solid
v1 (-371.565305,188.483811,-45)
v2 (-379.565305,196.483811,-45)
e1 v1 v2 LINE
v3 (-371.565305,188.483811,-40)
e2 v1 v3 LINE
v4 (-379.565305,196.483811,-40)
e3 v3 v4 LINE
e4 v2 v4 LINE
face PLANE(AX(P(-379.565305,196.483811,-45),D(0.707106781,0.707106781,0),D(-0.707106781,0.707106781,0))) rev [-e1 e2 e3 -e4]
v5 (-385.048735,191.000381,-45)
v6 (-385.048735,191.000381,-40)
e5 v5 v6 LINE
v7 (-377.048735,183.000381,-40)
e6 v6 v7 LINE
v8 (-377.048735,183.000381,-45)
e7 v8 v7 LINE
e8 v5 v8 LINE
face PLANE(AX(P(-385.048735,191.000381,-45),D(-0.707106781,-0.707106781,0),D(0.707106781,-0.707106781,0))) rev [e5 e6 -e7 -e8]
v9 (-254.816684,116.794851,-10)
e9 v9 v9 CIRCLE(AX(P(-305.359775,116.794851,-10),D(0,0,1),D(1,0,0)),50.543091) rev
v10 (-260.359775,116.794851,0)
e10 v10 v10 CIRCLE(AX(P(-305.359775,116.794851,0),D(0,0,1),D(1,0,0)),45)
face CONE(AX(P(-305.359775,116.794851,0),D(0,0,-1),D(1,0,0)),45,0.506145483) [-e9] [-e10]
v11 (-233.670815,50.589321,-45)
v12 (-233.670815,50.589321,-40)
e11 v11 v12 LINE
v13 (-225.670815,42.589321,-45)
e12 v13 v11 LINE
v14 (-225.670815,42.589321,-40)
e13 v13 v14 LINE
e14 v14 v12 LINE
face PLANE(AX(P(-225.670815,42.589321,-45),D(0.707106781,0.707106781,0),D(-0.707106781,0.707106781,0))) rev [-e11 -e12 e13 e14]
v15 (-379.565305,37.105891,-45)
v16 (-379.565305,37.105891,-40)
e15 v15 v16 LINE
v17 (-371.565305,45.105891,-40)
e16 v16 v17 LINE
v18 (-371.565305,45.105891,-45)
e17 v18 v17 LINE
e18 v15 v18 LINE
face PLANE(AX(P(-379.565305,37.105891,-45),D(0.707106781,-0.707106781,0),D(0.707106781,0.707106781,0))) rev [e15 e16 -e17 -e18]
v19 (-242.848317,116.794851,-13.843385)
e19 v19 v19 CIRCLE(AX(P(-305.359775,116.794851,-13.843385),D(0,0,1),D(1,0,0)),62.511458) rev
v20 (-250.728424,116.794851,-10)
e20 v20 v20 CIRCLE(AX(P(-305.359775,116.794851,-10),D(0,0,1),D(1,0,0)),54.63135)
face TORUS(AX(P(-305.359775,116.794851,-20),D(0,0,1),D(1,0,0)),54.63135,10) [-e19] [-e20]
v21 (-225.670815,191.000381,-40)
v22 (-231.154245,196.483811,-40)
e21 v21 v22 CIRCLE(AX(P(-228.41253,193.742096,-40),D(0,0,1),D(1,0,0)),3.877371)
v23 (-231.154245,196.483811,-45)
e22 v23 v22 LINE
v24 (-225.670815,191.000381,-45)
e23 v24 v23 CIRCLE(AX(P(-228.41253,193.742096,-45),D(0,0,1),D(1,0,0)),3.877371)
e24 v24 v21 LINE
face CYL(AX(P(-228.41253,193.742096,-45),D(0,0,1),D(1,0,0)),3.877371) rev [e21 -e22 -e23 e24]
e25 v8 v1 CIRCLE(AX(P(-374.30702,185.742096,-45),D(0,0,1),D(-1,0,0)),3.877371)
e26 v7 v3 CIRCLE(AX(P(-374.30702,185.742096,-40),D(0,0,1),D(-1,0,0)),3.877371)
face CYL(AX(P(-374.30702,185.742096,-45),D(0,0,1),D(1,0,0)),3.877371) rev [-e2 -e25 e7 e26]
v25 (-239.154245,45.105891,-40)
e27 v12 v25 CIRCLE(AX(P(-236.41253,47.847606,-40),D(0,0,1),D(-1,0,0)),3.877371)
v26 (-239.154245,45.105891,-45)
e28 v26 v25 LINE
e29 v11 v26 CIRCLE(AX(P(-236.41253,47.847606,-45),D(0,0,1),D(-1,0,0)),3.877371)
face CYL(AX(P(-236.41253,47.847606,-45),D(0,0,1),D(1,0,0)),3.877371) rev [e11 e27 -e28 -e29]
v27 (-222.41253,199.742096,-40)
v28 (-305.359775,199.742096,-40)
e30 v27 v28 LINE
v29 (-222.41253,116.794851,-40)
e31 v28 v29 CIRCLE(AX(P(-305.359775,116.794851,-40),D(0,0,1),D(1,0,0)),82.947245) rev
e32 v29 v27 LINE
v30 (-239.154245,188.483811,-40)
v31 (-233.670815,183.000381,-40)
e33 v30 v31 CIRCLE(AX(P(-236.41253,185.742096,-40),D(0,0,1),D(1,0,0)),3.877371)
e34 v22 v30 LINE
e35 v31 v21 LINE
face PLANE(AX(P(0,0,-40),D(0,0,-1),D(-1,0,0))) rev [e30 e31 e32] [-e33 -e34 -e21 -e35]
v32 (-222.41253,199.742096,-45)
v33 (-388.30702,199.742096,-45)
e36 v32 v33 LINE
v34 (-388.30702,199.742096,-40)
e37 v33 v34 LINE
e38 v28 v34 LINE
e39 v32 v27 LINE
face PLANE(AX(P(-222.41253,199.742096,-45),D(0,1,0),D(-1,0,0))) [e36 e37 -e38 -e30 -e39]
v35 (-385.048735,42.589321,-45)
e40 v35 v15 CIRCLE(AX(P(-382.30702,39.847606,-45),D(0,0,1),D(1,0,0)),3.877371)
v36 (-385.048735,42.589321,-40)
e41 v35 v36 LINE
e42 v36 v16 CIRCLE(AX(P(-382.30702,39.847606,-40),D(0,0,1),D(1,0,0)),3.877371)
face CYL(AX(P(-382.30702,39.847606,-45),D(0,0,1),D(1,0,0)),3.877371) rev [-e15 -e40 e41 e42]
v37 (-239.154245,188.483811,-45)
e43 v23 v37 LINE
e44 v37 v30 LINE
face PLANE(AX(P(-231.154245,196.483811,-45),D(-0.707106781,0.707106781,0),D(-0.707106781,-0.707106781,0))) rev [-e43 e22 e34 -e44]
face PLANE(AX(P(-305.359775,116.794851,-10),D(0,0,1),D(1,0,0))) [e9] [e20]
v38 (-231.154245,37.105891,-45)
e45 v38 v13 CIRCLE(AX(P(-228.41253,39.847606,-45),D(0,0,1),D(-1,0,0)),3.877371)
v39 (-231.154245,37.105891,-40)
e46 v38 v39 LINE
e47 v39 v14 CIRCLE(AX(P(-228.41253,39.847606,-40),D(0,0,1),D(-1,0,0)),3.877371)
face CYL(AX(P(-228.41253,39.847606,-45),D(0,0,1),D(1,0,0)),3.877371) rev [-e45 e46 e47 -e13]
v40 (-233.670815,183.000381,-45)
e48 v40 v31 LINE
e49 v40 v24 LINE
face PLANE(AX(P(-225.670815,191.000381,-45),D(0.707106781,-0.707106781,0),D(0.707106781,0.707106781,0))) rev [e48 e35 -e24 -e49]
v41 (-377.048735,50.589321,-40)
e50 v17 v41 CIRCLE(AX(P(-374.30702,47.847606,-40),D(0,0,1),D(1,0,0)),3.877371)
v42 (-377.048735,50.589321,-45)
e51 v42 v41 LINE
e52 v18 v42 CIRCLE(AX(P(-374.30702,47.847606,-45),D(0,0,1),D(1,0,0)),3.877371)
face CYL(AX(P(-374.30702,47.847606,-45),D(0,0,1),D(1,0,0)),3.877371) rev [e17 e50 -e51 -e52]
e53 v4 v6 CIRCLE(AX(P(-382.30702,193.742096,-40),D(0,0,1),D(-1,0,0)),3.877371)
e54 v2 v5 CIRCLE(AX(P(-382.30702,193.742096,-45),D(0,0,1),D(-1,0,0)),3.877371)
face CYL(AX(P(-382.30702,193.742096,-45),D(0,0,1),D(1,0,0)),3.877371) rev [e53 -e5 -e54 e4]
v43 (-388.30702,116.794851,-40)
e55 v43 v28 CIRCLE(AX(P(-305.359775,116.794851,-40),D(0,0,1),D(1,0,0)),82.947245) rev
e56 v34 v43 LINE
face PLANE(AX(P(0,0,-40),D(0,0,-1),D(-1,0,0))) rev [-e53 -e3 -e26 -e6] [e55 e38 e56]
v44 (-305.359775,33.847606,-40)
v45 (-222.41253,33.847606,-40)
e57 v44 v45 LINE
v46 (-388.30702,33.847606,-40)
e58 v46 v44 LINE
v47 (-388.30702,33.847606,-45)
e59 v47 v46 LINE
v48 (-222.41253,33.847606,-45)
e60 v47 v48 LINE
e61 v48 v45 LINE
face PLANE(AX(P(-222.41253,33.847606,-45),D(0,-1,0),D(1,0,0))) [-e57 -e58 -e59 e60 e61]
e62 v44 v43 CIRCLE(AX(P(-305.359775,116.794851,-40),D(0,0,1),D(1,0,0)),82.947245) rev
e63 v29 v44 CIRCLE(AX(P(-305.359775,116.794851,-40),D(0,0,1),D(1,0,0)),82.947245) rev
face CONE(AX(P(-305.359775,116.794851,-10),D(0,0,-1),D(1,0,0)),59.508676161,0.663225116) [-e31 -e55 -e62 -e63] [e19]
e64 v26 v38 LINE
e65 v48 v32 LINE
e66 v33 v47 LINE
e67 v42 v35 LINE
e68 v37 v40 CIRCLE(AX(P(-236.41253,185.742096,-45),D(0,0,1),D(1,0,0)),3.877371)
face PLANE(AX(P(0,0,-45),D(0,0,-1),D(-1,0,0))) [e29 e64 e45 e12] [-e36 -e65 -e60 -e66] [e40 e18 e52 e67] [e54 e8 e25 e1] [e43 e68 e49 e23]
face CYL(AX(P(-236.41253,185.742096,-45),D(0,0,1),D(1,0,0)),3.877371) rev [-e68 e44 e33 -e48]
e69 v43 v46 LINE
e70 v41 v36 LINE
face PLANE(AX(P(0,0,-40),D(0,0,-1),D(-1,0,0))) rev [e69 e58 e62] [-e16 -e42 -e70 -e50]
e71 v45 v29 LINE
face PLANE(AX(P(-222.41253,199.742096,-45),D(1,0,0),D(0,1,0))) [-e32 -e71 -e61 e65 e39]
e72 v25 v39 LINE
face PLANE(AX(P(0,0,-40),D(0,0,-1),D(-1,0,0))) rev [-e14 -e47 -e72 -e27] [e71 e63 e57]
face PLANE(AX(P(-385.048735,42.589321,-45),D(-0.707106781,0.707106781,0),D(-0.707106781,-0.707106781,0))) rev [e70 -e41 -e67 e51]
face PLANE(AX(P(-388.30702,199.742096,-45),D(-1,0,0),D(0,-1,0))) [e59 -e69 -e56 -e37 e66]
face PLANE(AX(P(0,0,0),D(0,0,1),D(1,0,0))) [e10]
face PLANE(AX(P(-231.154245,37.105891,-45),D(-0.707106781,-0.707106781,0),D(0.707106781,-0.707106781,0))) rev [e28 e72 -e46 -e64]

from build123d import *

# Parameters (mm, degrees)
SKETCH4_R           = 45
BOSS_EXTRUDE1_DEPTH = 10
BOSS_EXTRUDE1_DRAFT = 29
SKETCH7_R           = 59.508676161
BOSS_EXTRUDE2_DEPTH = 30
BOSS_EXTRUDE2_DRAFT = 38
FILLET1_R           = 10
SKETCH9_W           = 165.894489912
SKETCH9_H           = 165.894489912
BOSS_EXTRUDE3_DEPTH = 5


with BuildPart() as part:
    # Sketch4 → Boss-Extrude1 (with draft: the straight prism first)
    with BuildSketch(Plane.XY):
        with Locations((-305.359774759, 116.794851209)):
            Circle(SKETCH4_R)
    extrude(amount=-BOSS_EXTRUDE1_DEPTH)
    # Boss-Extrude1: the draft: its side faces are tilted about the plane it starts from
    boss_extrude1_sides = [part.faces().sort_by_distance(p)[0] for p in [
        (-350.359774759, 116.794851209, -5),
    ]]
    draft(boss_extrude1_sides, Plane.XY, BOSS_EXTRUDE1_DRAFT)


with BuildPart() as boss_extrude2_tool:
    # Sketch7 → Boss-Extrude2 (with draft: the straight prism first)
    with BuildSketch(Plane.XY.offset(-10)):
        with Locations((-305.359774759, 116.794851209)):
            Circle(SKETCH7_R)
    extrude(amount=-BOSS_EXTRUDE2_DEPTH)
    # Boss-Extrude2: the draft: its side faces are tilted about the plane it starts from
    boss_extrude2_sides = [boss_extrude2_tool.faces().sort_by_distance(p)[0] for p in [
        (-364.868450919, 116.794851209, -25),
    ]]
    draft(boss_extrude2_sides, Plane.XY.offset(-10), BOSS_EXTRUDE2_DRAFT)


with BuildPart() as part_1:
    add(part.part)

    # Boss-Extrude2: add boss_extrude2_tool
    add(boss_extrude2_tool.part)

    # Fillet1
    fillet1_edges = [part_1.edges().sort_by_distance(p)[0] for p in [
        (-364.868450919, 116.794851209, -10),
    ]]
    fillet(fillet1_edges, radius=FILLET1_R)

    # Sketch9 → Boss-Extrude3 (add)
    with BuildSketch(Plane.XY.offset(-40)):
        with Locations((-305.359774759, 116.794851209)):
            Rectangle(SKETCH9_W, SKETCH9_H)
        with BuildLine():
            Line((-225.670814758, 191.00038112), (-233.670814758, 183.00038112))
            ThreePointArc((-233.670814758, 183.00038112), (-239.154244847, 183.00038112), (-239.154244847, 188.48381121))
            Line((-239.154244847, 188.48381121), (-231.154244847, 196.48381121))
            ThreePointArc((-231.154244847, 196.48381121), (-225.670814758, 196.48381121), (-225.670814758, 191.00038112))
        make_face(mode=Mode.SUBTRACT)
        with BuildLine():
            Line((-385.048734759, 191.00038112), (-377.048734759, 183.00038112))
            ThreePointArc((-377.048734759, 183.00038112), (-371.56530467, 183.00038112), (-371.56530467, 188.48381121))
            Line((-371.56530467, 188.48381121), (-379.56530467, 196.48381121))
            ThreePointArc((-379.56530467, 196.48381121), (-385.048734759, 196.48381121), (-385.048734759, 191.00038112))
        make_face(mode=Mode.SUBTRACT)
        with BuildLine():
            Line((-385.048734759, 42.589321298), (-377.048734759, 50.589321298))
            ThreePointArc((-377.048734759, 50.589321298), (-371.56530467, 50.589321298), (-371.56530467, 45.105891208))
            Line((-371.56530467, 45.105891208), (-379.56530467, 37.105891208))
            ThreePointArc((-379.56530467, 37.105891208), (-385.048734759, 37.105891208), (-385.048734759, 42.589321298))
        make_face(mode=Mode.SUBTRACT)
        with BuildLine():
            Line((-225.670814758, 42.589321298), (-233.670814758, 50.589321298))
            ThreePointArc((-233.670814758, 50.589321298), (-239.154244847, 50.589321298), (-239.154244847, 45.105891208))
            Line((-239.154244847, 45.105891208), (-231.154244847, 37.105891208))
            ThreePointArc((-231.154244847, 37.105891208), (-225.670814758, 37.105891208), (-225.670814758, 42.589321298))
        make_face(mode=Mode.SUBTRACT)
    extrude(amount=-BOSS_EXTRUDE3_DEPTH)


solid = part_1.part
